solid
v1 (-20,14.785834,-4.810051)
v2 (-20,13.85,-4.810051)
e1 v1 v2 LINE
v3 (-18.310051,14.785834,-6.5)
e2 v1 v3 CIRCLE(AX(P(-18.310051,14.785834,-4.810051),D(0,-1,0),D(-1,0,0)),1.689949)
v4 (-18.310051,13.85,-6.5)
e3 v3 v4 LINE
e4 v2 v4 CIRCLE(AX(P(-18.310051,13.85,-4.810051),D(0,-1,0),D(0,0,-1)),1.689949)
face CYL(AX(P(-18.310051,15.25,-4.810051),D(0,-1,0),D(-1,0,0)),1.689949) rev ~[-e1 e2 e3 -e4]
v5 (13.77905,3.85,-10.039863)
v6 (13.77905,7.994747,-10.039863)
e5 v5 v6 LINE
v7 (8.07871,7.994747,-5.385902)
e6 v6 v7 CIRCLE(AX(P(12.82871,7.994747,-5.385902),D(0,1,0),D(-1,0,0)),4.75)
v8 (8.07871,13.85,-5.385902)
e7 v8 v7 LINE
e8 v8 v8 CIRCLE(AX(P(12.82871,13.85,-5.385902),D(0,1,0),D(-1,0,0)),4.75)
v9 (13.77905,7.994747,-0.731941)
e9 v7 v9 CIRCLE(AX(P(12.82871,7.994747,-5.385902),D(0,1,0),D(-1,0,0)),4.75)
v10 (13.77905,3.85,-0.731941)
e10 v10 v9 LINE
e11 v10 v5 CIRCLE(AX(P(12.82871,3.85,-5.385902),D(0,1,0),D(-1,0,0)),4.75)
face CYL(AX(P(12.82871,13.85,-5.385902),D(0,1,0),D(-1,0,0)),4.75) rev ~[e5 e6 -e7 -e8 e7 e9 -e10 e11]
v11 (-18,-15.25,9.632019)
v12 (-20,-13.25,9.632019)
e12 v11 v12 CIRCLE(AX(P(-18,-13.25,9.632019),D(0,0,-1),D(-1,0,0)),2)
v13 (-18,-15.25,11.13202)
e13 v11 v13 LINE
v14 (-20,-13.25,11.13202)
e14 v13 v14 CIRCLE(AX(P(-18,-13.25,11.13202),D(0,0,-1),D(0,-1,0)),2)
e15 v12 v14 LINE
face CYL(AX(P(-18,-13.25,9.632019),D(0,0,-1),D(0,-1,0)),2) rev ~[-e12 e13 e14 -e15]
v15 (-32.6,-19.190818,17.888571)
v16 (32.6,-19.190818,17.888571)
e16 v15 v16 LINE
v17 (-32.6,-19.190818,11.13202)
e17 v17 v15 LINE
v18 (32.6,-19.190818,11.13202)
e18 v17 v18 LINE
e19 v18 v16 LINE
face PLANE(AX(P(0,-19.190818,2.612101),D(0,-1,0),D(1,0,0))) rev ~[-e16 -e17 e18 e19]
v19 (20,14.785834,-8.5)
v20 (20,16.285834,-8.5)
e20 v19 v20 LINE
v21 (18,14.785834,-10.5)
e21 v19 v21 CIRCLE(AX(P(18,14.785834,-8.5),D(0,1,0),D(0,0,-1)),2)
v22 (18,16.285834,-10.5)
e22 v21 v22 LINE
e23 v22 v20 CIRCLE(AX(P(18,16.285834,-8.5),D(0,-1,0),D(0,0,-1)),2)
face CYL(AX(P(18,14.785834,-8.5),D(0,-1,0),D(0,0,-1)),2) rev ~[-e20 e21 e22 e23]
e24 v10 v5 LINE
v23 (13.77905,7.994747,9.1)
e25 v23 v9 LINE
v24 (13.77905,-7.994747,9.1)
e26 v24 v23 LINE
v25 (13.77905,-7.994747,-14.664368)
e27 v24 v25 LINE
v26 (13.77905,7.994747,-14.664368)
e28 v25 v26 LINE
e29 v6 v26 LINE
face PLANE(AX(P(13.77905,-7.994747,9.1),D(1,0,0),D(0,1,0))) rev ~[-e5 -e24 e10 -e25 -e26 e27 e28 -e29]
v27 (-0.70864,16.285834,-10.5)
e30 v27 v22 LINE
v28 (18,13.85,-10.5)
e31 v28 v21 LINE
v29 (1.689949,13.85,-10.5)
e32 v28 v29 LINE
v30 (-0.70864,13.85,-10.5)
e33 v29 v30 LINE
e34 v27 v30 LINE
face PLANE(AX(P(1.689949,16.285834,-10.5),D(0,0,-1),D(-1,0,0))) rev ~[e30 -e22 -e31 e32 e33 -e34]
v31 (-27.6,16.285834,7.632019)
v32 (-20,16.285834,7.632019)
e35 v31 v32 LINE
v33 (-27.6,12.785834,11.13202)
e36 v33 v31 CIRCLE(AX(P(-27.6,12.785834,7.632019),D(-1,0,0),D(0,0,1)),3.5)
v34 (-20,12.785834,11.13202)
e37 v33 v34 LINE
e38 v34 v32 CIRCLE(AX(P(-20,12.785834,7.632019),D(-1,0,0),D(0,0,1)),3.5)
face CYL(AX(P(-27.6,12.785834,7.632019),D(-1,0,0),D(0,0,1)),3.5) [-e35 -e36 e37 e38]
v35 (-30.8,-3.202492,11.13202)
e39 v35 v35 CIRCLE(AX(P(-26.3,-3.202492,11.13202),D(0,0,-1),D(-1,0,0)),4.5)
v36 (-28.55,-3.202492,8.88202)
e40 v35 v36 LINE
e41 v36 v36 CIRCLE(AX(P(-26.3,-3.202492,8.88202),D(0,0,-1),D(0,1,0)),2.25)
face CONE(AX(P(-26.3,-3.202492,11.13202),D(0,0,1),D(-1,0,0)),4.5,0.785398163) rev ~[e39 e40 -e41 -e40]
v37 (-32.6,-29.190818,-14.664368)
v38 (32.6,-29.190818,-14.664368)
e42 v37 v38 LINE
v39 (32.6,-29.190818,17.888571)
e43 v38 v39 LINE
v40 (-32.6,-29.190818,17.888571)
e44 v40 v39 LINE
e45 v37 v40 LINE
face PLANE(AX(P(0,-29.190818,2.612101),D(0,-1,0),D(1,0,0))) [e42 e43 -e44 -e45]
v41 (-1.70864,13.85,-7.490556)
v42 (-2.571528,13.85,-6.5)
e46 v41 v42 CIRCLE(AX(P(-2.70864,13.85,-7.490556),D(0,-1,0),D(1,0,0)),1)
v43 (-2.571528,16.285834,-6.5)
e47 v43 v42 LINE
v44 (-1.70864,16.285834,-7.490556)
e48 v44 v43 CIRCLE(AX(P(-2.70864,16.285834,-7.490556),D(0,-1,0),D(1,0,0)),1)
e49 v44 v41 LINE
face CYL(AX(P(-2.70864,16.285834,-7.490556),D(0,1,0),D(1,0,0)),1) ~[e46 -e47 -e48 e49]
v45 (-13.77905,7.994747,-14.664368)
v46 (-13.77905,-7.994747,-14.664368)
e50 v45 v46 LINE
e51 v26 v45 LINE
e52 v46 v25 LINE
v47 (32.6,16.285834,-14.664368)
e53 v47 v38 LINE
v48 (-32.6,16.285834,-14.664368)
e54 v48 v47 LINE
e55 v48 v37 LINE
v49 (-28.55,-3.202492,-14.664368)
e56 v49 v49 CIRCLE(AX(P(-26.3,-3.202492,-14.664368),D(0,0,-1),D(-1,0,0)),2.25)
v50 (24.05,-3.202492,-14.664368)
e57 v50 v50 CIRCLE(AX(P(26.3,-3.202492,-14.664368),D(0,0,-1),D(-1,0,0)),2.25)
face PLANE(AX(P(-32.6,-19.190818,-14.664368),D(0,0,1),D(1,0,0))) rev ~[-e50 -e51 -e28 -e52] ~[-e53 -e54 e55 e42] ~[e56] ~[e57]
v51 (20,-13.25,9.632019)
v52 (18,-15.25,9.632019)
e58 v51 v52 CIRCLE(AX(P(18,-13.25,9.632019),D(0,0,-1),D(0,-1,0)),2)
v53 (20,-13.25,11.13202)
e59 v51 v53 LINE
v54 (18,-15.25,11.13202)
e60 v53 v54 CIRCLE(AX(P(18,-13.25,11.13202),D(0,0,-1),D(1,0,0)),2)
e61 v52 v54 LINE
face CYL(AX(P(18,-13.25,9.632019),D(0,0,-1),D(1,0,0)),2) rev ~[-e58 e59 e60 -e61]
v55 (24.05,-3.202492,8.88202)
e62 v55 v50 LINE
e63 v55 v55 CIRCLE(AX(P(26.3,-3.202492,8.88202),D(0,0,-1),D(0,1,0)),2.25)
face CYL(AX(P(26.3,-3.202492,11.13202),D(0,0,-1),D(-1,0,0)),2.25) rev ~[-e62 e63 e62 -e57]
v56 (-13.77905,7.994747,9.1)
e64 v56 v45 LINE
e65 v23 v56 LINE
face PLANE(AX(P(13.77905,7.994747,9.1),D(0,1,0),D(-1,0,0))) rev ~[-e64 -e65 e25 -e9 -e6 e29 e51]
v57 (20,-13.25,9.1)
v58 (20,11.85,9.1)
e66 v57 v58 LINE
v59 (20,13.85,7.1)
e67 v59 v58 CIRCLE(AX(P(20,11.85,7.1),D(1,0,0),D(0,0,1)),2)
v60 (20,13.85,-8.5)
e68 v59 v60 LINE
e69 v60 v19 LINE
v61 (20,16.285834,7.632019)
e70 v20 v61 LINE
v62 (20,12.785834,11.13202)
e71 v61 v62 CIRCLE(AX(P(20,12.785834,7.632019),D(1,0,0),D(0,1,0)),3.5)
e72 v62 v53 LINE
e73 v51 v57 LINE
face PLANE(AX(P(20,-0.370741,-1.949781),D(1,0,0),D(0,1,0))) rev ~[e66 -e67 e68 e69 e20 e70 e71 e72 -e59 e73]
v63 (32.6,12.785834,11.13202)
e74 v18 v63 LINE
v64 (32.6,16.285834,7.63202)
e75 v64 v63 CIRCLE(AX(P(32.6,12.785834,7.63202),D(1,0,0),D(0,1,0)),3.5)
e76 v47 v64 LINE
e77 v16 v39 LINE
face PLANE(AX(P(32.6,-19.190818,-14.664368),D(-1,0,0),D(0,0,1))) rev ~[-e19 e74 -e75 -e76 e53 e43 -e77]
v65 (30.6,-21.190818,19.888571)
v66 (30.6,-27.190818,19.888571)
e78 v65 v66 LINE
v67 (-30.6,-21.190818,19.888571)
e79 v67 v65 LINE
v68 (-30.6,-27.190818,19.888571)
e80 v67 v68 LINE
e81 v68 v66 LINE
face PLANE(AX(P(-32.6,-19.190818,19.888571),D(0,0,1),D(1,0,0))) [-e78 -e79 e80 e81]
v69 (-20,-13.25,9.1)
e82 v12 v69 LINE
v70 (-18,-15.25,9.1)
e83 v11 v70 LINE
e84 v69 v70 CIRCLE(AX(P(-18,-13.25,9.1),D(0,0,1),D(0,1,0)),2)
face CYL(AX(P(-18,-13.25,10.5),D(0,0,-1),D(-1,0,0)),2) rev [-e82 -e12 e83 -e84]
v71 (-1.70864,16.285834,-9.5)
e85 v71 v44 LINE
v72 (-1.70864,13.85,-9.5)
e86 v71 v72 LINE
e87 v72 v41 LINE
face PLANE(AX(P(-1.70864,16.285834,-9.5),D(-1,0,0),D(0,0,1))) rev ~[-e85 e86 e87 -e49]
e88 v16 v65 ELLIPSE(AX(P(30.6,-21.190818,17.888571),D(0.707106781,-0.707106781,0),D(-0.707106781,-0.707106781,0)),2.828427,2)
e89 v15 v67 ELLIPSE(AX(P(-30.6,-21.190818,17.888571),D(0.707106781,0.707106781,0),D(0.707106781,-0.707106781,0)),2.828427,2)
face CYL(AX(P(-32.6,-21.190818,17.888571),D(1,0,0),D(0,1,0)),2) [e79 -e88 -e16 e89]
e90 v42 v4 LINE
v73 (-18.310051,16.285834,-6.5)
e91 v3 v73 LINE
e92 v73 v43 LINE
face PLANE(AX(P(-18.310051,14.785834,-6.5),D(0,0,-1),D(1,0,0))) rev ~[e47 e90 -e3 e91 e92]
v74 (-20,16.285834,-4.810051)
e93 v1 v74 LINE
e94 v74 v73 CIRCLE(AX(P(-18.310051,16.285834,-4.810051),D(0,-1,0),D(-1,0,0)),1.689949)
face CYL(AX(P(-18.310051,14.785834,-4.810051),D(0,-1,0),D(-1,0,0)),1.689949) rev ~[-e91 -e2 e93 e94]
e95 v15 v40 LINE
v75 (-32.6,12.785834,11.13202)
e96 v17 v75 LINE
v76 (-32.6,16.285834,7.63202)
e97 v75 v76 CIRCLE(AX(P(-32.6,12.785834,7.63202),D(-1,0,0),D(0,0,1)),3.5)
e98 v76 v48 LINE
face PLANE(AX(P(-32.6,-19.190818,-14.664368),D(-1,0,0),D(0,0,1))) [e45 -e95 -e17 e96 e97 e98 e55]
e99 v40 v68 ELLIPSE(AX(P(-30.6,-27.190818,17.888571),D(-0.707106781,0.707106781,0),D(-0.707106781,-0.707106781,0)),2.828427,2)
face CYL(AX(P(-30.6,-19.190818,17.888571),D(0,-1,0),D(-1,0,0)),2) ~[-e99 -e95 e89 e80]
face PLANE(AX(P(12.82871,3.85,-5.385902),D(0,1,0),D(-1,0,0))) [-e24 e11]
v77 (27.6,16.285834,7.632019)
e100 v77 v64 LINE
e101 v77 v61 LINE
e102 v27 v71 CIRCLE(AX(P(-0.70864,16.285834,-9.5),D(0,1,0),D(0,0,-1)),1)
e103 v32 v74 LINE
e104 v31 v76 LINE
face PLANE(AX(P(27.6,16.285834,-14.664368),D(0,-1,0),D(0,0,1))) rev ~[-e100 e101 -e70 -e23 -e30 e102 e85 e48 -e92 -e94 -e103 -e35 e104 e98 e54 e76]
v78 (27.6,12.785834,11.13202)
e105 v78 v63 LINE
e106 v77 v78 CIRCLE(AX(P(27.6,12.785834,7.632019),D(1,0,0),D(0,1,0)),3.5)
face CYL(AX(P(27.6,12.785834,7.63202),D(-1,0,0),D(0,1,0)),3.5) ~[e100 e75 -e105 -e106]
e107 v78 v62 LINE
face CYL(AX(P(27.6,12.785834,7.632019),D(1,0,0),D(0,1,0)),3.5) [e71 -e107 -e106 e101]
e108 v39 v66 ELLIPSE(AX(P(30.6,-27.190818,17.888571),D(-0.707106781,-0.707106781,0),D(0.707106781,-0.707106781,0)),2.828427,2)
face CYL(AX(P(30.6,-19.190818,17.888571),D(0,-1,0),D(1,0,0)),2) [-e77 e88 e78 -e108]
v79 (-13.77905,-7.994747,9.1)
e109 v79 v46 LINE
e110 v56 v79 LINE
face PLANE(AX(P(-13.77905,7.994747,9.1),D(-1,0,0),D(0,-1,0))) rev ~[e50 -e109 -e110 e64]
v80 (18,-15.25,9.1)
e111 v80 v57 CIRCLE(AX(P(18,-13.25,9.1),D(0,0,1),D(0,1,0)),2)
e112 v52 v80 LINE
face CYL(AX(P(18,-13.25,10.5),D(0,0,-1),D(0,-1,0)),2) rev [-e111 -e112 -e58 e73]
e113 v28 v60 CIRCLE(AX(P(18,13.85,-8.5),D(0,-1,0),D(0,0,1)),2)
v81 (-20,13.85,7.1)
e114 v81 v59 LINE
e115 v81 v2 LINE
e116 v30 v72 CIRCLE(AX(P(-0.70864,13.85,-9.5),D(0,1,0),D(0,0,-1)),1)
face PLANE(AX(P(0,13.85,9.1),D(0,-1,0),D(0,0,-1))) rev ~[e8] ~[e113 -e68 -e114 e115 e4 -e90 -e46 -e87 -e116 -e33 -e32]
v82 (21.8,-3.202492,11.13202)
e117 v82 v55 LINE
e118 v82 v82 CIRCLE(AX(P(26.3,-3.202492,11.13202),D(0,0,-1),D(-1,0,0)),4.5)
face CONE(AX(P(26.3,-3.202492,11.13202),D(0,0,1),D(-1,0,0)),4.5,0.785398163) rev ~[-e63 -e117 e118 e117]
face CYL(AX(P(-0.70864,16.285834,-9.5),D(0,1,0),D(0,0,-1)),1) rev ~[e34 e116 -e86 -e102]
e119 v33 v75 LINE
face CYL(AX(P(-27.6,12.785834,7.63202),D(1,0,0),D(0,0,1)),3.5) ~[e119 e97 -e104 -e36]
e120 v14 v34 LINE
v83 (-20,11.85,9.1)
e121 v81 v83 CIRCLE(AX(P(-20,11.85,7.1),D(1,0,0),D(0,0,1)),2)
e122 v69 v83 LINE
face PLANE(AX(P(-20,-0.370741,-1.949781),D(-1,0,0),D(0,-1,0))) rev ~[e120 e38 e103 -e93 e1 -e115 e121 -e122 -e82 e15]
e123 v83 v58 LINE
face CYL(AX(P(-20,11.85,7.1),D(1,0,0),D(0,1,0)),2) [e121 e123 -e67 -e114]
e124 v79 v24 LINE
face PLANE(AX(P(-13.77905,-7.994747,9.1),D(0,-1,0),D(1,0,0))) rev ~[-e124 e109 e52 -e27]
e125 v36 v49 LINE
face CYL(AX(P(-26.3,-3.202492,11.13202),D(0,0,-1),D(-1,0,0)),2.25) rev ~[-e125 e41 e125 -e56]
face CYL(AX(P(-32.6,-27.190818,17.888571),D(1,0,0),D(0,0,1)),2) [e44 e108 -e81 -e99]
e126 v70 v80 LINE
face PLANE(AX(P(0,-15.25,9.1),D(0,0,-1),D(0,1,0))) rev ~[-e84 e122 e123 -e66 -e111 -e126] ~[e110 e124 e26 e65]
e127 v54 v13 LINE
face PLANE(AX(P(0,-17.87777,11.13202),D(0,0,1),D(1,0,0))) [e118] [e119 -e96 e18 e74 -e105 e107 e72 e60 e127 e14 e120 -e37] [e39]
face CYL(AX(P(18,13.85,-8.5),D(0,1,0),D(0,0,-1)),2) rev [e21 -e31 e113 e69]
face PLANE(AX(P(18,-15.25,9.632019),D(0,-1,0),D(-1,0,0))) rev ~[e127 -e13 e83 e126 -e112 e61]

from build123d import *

# Parameters (mm, degrees)
F1_DEPTH        = 20
F2_R            = 2
F3_R            = 3
F4_R            = 2
F5_W            = 20
F5_H            = 4
F6_DEPTH        = 8.3
F7_R            = 1.6899494937
F9_DEPTH        = 27.6
F12_R           = 4.75
F13_DEPTH       = 10
F15_DEPTH       = 7.6
F17_DEPTH       = 7.6
F19_DEPTH       = 1.5000002459
F21_DEPTH       = 1.5000002459
F23_DEPTH       = 5
F25_DEPTH       = 5
F27_DEPTH       = 2.4358335286
F28_W           = 65.2
F28_H           = 2.6260968298
F29_DEPTH       = 25.7963873446
F31_D           = 4.5
F31_CSINK_D     = 9
F31_CSINK_ANGLE = 90
F33_DEPTH       = 25
F34_W           = 65.2
F34_H           = 34.5529383048
F35_DEPTH       = 10
F36_R           = 2


with BuildPart() as f1:
    # F0 (on Right) → F1 (new body, symmetric)
    with BuildSketch(Plane.YZ):
        Polygon((15.25, 10.5), (-15.25, 10.5), (-15.25, 9.100000374), (13.850000374, 9.100000374), (13.850000374, -10.5), (15.25, -10.5), align=None)
    extrude(amount=F1_DEPTH, both=True)

    # F2
    f2_edges = [f1.edges().sort_by_distance(p)[0] for p in [
        (0, 13.85, 9.1),
    ]]
    fillet(f2_edges, radius=F2_R)

    # F3
    f3_edges = [f1.edges().sort_by_distance(p)[0] for p in [
        (0, 15.25, 10.5),
    ]]
    fillet(f3_edges, radius=F3_R)

    # F4
    f4_edges = [f1.edges().sort_by_distance(p)[0] for p in [
        (20, 14.55, -10.5),
        (20, -15.25, 9.8),
        (-20, -15.25, 9.8),
    ]]
    fillet(f4_edges, radius=F4_R)

    # F5 (on face) → F6 (cut)
    with BuildSketch(Plane(origin=(0, 15.25, 0), x_dir=(-1, 0, 0), z_dir=(0, 1, 0))):
        with Locations((10, -8.5)):
            Rectangle(F5_W, F5_H)
    extrude(amount=-F6_DEPTH, mode=Mode.SUBTRACT)

    # F7
    f7_edges = [f1.edges().sort_by_distance(p)[0] for p in [
        (-20, 14.55, -6.5),
        (0, 14.55, -10.5),
        (0, 14.55, -6.5),
    ]]
    fillet(f7_edges, radius=F7_R)


with BuildPart() as f9:
    # F8 (on Right) → F9 (new body, symmetric)
    with BuildSketch(Plane.YZ):
        with BuildLine():
            Line((12.7858336568, 9.6320193261), (-14.7858336568, 9.6320193261))
            Line((-14.7858336568, 9.6320193261), (-16.5647212416, 9.6320193261))
            Line((-16.5647212416, 9.6320193261), (-16.5647212416, -14.6643677726))
            Line((-16.5647212416, -14.6643677726), (14.7858336568, -14.6643677726))
            Line((14.7858336568, -14.6643677726), (14.7858336568, -9.6320193261))
            Line((14.7858336568, -9.6320193261), (14.7858336568, 7.6320193261))
            ThreePointArc((14.7858336568, 7.6320193261), (14.2000472192, 9.0462328885), (12.7858336568, 9.6320193261))
        make_face()
    extrude(amount=F9_DEPTH, both=True)

    # F10: cut F1
    add(f1.part, mode=Mode.SUBTRACT)

    # F12 (on face) → F13 (cut)
    with BuildSketch(Plane(origin=(0, 13.850000374, 0), x_dir=(-1, 0, 0), z_dir=(0, 1, 0))):
        with Locations((-12.8287095577, -5.3859017789)):
            Circle(F12_R)
    extrude(amount=-F13_DEPTH, mode=Mode.SUBTRACT)

    # F14 (on face) → F15 (join, through all)
    with BuildSketch(Plane.YZ.offset(27.6)):
        with BuildLine():
            Line((16.2858339027, -14.6643677726), (16.2858339027, 7.6320193261))
            ThreePointArc((16.2858339027, 7.6320193261), (15.2607075648, 10.1068932341), (12.7858336568, 11.132019572))
            Line((12.7858336568, 11.132019572), (-16.5647212416, 11.132019572))
            Line((-16.5647212416, 11.132019572), (-16.5647212416, -14.6643677726))
            Line((-16.5647212416, -14.6643677726), (16.2858339027, -14.6643677726))
        make_face()
    extrude(amount=-F15_DEPTH)

    # F16 (on face) → F17 (join, through all)
    with BuildSketch(Plane(origin=(-27.6, 0, 0), x_dir=(0, -1, 0), z_dir=(-1, 0, 0))):
        with BuildLine():
            ThreePointArc((-12.7858336568, 11.132019572), (-15.2607075648, 10.1068932341), (-16.2858339027, 7.6320193261))
            Line((-16.2858339027, 7.6320193261), (-16.2858339027, -14.6643677726))
            Line((-16.2858339027, -14.6643677726), (16.5647212416, -14.6643677726))
            Line((16.5647212416, -14.6643677726), (16.5647212416, 11.132019572))
            Line((16.5647212416, 11.132019572), (-12.7858336568, 11.132019572))
        make_face()
    extrude(amount=-F17_DEPTH)

    # F18 (on face) → F19 (join, through all)
    with BuildSketch(Plane.XY.offset(9.6320193261)):
        with BuildLine():
            Line((-20, -16.5647212416), (20, -16.5647212416))
            Line((20, -16.5647212416), (20, -13.25))
            ThreePointArc((20, -13.25), (19.4142135624, -14.6642135624), (18, -15.25))
            Line((18, -15.25), (-18, -15.25))
            ThreePointArc((-18, -15.25), (-19.4142135624, -14.6642135624), (-20, -13.25))
            Line((-20, -13.25), (-20, -16.5647212416))
        make_face()
    extrude(amount=F19_DEPTH)

    # F20 (on face) → F21 (join, through all)
    with BuildSketch(Plane(origin=(0, 14.7858336568, 0), x_dir=(-1, 0, 0), z_dir=(0, 1, 0))):
        with BuildLine():
            Line((-20, -8.5), (-20, -14.6643677726))
            Line((-20, -14.6643677726), (20, -14.6643677726))
            Line((20, -14.6643677726), (20, -4.8100505063))
            ThreePointArc((20, -4.8100505063), (19.5050252532, -6.0050252532), (18.3100505063, -6.5))
            Line((18.3100505063, -6.5), (1.6899494937, -6.5))
            ThreePointArc((1.6899494937, -6.5), (0.4949747468, -6.9949747468), (0, -8.1899494937))
            Line((0, -8.1899494937), (0, -8.8100505063))
            ThreePointArc((0, -8.8100505063), (-0.4949747468, -10.0050252532), (-1.6899494937, -10.5))
            Line((-1.6899494937, -10.5), (-18, -10.5))
            ThreePointArc((-18, -10.5), (-19.4142135624, -9.9142135624), (-20, -8.5))
        make_face()
    extrude(amount=F21_DEPTH)

    # F22 (on face) → F23 (join)
    with BuildSketch(Plane(origin=(-27.6, 0, 0), x_dir=(0, -1, 0), z_dir=(-1, 0, 0))):
        with BuildLine():
            Line((-16.2858339027, -14.6643677726), (16.5647212416, -14.6643677726))
            Line((16.5647212416, -14.6643677726), (16.5647212416, 11.132019572))
            Line((16.5647212416, 11.132019572), (-12.7858339027, 11.132019572))
            ThreePointArc((-12.7858339027, 11.132019572), (-15.2607076368, 10.1068933061), (-16.2858339027, 7.632019572))
            Line((-16.2858339027, 7.632019572), (-16.2858339027, -14.6643677726))
        make_face()
    extrude(amount=F23_DEPTH)

    # F24 (on face) → F25 (join)
    with BuildSketch(Plane.YZ.offset(27.6)):
        with BuildLine():
            Line((-16.5647212416, 11.132019572), (-16.5647212416, -14.6643677726))
            Line((-16.5647212416, -14.6643677726), (16.2858339027, -14.6643677726))
            Line((16.2858339027, -14.6643677726), (16.2858339027, 7.632019572))
            ThreePointArc((16.2858339027, 7.632019572), (15.2607076368, 10.1068933061), (12.7858339027, 11.132019572))
            Line((12.7858339027, 11.132019572), (-16.5647212416, 11.132019572))
        make_face()
    extrude(amount=F25_DEPTH)

    # F26 (on face) → F27 (cut, through all)
    with BuildSketch(Plane(origin=(0, 16.2858339027, 0), x_dir=(-1, 0, 0), z_dir=(0, 1, 0))):
        with BuildLine():
            Line((1.7086403866, -9.5), (1.7086403866, -8.1106565775))
            Line((1.7086403866, -8.1106565775), (1.7086403866, -7.4905555649))
            ThreePointArc((1.7086403866, -7.4905555649), (1.9546138952, -6.8337115572), (2.5715284873, -6.5))
            Line((2.5715284873, -6.5), (-1.6899494937, -6.5))
            Line((-1.6899494937, -6.5), (-1.6899494937, -10.5))
            Line((-1.6899494937, -10.5), (0.7086403866, -10.5))
            ThreePointArc((0.7086403866, -10.5), (1.4157471677, -10.2071067812), (1.7086403866, -9.5))
        make_face()
        with BuildLine():
            ThreePointArc((2.8457522858, -6.5), (2.7086403866, -6.4905555649), (2.5715284873, -6.5))
            Line((2.5715284873, -6.5), (2.8457522858, -6.5))
        make_face()
    extrude(amount=-F27_DEPTH, mode=Mode.SUBTRACT)

    # F28 (on face) → F29 (join, through all)
    with BuildSketch(Plane.XY.offset(11.132019572)):
        with Locations((0, -17.8777696565)):
            Rectangle(F28_W, F28_H)
    extrude(amount=-F29_DEPTH)

    # F31 (through all)
    with Locations(Plane.XY.offset(11.132019572)):
        with Locations((26.3, -3.2024922073), (-26.3, -3.2024922073)):
            CounterSinkHole(F31_D / 2, F31_CSINK_D / 2, counter_sink_angle=F31_CSINK_ANGLE)

    # F32 (on face) → F33 (cut)
    with BuildSketch(Plane.XY.offset(9.100000374)):
        Polygon((-13.7790497392, -0.699999813), (-13.7790497392, -7.9947467893), (13.7790497392, -7.9947467893), (13.7790497392, 7.9947467893), (-13.7790497392, 7.9947467893), align=None)
    extrude(amount=-F33_DEPTH, mode=Mode.SUBTRACT)

    # F34 (on face) → F35 (join)
    with BuildSketch(Plane.XZ.offset(19.1908180714)):
        with Locations((0, 2.6121013798)):
            Rectangle(F34_W, F34_H)
    extrude(amount=F35_DEPTH)

    # F36
    f36_edges = [f9.edges().sort_by_distance(p)[0] for p in [
        (32.6, -24.190818, 19.888571),
        (-32.6, -24.190818, 19.888571),
        (0, -19.190818, 19.888571),
        (0, -29.190818, 19.888571),
    ]]
    fillet(f36_edges, radius=F36_R)


solid = f9.part
